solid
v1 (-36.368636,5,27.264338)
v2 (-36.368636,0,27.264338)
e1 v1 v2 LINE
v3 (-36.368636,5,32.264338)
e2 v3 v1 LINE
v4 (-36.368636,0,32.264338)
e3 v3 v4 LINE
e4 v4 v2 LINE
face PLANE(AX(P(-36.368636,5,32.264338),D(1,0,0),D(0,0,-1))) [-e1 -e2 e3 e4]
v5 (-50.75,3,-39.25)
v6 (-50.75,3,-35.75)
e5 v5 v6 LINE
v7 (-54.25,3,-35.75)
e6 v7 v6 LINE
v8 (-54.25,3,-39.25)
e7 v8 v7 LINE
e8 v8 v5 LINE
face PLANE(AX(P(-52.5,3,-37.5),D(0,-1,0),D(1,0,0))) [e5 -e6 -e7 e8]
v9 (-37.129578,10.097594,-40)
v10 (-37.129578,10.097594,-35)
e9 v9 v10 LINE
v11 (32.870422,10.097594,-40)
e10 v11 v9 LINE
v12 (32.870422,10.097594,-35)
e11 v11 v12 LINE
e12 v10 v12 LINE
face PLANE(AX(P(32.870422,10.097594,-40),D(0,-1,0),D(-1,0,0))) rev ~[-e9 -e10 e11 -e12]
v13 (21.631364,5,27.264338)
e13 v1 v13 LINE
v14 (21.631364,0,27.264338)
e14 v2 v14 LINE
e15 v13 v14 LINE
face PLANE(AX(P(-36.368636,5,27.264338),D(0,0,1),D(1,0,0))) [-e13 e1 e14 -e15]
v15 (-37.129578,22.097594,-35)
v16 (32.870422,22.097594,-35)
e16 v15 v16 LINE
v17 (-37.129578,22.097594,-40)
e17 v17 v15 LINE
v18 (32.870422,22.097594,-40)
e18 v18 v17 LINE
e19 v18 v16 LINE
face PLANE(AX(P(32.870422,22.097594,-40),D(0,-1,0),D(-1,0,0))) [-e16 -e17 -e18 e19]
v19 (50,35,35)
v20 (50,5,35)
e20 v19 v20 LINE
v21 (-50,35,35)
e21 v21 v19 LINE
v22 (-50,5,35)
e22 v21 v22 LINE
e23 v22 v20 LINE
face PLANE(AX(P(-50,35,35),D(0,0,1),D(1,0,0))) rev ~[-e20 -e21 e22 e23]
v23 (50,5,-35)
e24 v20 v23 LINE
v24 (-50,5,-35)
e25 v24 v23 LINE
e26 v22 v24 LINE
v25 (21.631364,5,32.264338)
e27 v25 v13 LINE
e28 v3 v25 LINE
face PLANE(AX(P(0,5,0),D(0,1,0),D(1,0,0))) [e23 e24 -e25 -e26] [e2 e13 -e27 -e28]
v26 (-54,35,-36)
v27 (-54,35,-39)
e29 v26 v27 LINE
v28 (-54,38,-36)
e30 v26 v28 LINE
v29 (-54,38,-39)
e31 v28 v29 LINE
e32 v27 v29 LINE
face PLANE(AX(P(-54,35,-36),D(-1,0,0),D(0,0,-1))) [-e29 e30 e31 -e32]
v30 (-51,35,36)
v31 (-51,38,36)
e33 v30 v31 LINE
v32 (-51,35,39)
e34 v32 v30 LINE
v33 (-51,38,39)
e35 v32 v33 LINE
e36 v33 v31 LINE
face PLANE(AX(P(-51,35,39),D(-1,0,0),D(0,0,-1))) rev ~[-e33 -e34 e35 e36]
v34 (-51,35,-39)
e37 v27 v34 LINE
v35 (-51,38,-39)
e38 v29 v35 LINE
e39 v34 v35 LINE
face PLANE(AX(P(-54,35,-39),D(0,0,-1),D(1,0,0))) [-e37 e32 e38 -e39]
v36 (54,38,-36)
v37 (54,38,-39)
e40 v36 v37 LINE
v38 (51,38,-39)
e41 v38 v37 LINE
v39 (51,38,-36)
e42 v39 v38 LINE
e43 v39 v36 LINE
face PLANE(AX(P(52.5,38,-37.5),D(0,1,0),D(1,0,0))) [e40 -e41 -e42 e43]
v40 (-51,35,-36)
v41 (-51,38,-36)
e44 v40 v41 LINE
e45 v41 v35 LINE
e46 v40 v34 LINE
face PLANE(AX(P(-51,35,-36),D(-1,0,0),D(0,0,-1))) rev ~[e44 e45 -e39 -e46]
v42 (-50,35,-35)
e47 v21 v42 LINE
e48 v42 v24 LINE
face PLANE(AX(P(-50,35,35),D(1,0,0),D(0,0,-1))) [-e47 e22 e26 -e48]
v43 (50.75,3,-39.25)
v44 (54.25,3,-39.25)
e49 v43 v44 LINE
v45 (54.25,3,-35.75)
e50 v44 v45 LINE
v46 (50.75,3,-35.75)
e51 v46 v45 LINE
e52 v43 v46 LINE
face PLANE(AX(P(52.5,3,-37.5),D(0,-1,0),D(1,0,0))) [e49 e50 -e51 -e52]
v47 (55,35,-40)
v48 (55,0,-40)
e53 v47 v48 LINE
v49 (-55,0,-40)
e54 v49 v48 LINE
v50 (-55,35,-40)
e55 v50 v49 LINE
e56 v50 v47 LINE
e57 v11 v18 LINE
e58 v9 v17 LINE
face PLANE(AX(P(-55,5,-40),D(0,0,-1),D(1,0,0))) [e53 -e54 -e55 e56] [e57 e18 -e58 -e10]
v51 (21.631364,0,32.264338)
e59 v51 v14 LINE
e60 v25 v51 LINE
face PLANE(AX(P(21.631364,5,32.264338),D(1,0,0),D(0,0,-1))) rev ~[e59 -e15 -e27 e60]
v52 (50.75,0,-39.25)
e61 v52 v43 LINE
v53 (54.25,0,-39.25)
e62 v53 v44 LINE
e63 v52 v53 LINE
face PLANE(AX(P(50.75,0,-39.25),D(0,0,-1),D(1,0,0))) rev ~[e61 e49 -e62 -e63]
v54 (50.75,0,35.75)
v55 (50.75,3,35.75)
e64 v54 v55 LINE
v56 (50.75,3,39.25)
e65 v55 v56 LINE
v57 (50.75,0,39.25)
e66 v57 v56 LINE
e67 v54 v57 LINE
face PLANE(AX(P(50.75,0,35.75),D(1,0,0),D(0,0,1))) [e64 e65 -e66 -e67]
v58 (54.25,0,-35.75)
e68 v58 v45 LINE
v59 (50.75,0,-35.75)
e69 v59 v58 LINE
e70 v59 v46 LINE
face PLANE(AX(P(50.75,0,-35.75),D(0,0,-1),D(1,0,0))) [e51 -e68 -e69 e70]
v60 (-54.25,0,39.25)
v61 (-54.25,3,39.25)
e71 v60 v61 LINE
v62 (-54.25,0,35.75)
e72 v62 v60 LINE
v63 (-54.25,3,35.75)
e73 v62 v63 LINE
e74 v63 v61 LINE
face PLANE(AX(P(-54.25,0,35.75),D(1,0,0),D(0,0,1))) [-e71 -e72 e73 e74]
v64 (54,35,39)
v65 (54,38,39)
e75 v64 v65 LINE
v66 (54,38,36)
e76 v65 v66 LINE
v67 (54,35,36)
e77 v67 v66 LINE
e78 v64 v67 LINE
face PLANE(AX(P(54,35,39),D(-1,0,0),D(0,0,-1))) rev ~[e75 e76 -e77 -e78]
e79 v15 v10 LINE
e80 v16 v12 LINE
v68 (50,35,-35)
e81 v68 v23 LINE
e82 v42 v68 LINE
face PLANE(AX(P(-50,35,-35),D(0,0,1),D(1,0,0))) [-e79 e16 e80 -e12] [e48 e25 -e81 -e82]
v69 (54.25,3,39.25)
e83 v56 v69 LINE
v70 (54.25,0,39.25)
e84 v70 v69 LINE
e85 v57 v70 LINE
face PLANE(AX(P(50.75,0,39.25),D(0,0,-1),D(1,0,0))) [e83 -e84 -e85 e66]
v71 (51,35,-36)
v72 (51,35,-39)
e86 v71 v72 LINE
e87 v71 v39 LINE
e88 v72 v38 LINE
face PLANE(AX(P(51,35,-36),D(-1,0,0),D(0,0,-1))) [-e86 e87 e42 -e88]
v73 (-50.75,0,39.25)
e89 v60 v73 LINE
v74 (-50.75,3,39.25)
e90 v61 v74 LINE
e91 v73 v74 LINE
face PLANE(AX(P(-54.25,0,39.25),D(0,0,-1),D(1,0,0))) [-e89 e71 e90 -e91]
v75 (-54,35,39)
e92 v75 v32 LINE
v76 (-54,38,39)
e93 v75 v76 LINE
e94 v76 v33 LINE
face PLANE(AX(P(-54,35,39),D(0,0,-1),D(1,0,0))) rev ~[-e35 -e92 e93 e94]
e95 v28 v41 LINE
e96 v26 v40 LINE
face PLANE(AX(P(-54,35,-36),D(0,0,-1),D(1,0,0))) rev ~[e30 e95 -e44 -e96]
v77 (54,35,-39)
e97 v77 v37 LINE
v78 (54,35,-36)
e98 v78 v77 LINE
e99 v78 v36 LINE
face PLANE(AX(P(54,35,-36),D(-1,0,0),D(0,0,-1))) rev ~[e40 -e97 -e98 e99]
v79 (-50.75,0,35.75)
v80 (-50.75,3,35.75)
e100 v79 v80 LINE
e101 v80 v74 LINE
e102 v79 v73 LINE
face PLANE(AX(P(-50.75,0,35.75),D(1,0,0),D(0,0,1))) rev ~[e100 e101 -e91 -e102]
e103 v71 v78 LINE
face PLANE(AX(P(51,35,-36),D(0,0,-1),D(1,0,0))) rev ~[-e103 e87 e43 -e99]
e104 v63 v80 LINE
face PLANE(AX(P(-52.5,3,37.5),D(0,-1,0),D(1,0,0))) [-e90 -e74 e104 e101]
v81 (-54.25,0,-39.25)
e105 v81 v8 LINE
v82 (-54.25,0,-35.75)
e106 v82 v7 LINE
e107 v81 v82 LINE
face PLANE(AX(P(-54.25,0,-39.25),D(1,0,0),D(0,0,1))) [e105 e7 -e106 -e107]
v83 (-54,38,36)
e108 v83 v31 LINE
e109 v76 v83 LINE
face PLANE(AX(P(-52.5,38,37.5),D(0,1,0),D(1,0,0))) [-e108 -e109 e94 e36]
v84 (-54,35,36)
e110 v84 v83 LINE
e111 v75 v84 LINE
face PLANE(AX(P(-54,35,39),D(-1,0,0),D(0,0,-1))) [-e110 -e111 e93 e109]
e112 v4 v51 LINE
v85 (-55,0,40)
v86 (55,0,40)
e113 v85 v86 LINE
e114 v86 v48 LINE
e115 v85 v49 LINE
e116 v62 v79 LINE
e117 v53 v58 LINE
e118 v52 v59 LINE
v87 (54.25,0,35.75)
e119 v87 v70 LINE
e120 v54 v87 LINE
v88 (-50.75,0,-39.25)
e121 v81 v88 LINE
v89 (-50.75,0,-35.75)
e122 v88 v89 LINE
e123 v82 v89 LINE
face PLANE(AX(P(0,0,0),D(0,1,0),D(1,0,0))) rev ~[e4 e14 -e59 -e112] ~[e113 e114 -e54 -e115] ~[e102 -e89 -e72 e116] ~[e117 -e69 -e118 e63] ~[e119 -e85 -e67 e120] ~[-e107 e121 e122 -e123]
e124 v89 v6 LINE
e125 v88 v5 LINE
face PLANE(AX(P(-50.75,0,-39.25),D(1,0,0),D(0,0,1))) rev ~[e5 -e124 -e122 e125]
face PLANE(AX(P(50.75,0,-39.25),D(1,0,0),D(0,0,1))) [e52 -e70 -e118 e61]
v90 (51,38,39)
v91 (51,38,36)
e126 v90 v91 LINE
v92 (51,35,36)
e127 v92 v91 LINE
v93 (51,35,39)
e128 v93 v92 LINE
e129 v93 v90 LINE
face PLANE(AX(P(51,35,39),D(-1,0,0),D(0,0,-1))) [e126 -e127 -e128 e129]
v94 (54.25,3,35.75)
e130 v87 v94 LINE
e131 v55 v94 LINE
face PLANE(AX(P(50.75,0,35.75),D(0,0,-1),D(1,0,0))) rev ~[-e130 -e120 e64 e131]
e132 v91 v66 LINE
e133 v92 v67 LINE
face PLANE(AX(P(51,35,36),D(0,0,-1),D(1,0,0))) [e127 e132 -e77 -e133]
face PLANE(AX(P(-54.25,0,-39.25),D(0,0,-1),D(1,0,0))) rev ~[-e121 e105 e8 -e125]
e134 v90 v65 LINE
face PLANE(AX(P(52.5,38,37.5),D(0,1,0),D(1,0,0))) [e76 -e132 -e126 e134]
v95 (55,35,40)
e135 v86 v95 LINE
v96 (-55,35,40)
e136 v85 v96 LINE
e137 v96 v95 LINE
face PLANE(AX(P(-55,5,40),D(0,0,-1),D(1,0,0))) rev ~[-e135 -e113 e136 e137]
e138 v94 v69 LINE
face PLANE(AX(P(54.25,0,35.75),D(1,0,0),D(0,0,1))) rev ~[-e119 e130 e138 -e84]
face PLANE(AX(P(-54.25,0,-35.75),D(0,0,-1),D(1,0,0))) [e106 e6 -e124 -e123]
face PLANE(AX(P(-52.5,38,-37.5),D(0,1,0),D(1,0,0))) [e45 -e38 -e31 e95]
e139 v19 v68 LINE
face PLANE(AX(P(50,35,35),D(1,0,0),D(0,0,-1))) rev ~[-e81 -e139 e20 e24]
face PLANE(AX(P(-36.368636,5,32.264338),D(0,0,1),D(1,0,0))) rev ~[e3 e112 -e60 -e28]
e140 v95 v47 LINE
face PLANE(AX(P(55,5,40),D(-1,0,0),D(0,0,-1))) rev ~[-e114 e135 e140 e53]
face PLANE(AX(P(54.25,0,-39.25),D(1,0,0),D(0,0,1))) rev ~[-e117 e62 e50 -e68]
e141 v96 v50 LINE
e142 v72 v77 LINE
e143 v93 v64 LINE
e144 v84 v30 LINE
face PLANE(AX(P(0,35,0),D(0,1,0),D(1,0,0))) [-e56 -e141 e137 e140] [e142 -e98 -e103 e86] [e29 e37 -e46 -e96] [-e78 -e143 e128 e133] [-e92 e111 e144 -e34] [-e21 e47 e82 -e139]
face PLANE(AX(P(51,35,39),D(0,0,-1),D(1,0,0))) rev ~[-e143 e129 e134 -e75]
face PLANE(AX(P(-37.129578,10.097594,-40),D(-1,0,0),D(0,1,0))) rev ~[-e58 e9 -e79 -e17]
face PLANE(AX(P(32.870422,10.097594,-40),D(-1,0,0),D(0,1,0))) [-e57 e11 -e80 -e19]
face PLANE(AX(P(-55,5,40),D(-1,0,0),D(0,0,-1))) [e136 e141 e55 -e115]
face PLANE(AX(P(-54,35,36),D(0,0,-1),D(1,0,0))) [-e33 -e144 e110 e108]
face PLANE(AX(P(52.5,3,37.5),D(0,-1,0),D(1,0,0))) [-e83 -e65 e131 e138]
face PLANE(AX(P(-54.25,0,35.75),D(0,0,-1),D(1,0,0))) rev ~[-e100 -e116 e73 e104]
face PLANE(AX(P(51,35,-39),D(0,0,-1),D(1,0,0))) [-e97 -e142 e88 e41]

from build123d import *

# Parameters (mm, degrees)
SKETCH_1_W          = 110
SKETCH_1_H          = 80
EXTRUDE_1_DEPTH     = 5
SKETCH_3_W          = 3.5
SKETCH_3_H          = 3.5
CUT_EXTRUDE_1_DEPTH = 3
SKETCH_4_W          = 58
SKETCH_4_H          = 5
CUT_EXTRUDE_2_DEPTH = 5
SKETCH_5_W          = 110
SKETCH_5_H          = 80
EXTRUDE_2_DEPTH     = 30
SKETCH_7_W          = 100
SKETCH_7_H          = 70
CUT_EXTRUDE_3_DEPTH = 30
SKETCH_8_W          = 3
SKETCH_8_H          = 3
EXTRUDE_3_DEPTH     = 3
SKETCH_9_W          = 70
SKETCH_9_H          = 12
CUT_EXTRUDE_4_DEPTH = 10


with BuildPart() as part:
    # 스케치1 → 보스-돌출1 (new body)
    with BuildSketch(Plane(origin=(0, 0, 0), x_dir=(1, 0, 0), z_dir=(0, 1, 0))):
        Rectangle(SKETCH_1_W, SKETCH_1_H)
    extrude(amount=EXTRUDE_1_DEPTH)

    # 스케치3 → 컷-돌출1 (cut)
    with BuildSketch(Plane.XZ):
        with Locations((-52.5, 37.5)):
            Rectangle(SKETCH_3_W, SKETCH_3_H)
        with Locations((52.5, 37.5)):
            Rectangle(SKETCH_3_W, SKETCH_3_H)
        with Locations((-52.5, -37.5)):
            Rectangle(SKETCH_3_W, SKETCH_3_H)
        with Locations((52.5, -37.5)):
            Rectangle(SKETCH_3_W, SKETCH_3_H)
    extrude(amount=-CUT_EXTRUDE_1_DEPTH, mode=Mode.SUBTRACT)

    # 스케치4 → 컷-돌출2 (cut)
    with BuildSketch(Plane(origin=(0, 5, 0), x_dir=(1, 0, 0), z_dir=(0, 1, 0))):
        with Locations((-7.368635656, -29.764338216)):
            Rectangle(SKETCH_4_W, SKETCH_4_H)
    extrude(amount=-CUT_EXTRUDE_2_DEPTH, mode=Mode.SUBTRACT)

    # 스케치5 → 보스-돌출2 (add)
    with BuildSketch(Plane(origin=(0, 5, 0), x_dir=(1, 0, 0), z_dir=(0, 1, 0))):
        Rectangle(SKETCH_5_W, SKETCH_5_H)
    extrude(amount=EXTRUDE_2_DEPTH)

    # 스케치7 → 컷-돌출3 (cut)
    with BuildSketch(Plane(origin=(0, 35, 0), x_dir=(1, 0, 0), z_dir=(0, 1, 0))):
        Rectangle(SKETCH_7_W, SKETCH_7_H)
    extrude(amount=-CUT_EXTRUDE_3_DEPTH, mode=Mode.SUBTRACT)

    # 스케치8 → 보스-돌출3 (add)
    with BuildSketch(Plane(origin=(0, 35, 0), x_dir=(1, 0, 0), z_dir=(0, 1, 0))):
        with Locations((-52.5, 37.5)):
            Rectangle(SKETCH_8_W, SKETCH_8_H)
        with Locations((-52.5, -37.5)):
            Rectangle(SKETCH_8_W, SKETCH_8_H)
        with Locations((52.5, -37.5)):
            Rectangle(SKETCH_8_W, SKETCH_8_H)
        with Locations((52.5, 37.5)):
            Rectangle(SKETCH_8_W, SKETCH_8_H)
    extrude(amount=EXTRUDE_3_DEPTH)

    # 스케치9 → 컷-돌출4 (cut)
    with BuildSketch(Plane(origin=(0, 0, -40), x_dir=(-1, 0, 0), z_dir=(0, 0, -1))):
        with Locations((2.129578344, 16.097594135)):
            Rectangle(SKETCH_9_W, SKETCH_9_H)
    extrude(amount=-CUT_EXTRUDE_4_DEPTH, mode=Mode.SUBTRACT)


solid = part.part
